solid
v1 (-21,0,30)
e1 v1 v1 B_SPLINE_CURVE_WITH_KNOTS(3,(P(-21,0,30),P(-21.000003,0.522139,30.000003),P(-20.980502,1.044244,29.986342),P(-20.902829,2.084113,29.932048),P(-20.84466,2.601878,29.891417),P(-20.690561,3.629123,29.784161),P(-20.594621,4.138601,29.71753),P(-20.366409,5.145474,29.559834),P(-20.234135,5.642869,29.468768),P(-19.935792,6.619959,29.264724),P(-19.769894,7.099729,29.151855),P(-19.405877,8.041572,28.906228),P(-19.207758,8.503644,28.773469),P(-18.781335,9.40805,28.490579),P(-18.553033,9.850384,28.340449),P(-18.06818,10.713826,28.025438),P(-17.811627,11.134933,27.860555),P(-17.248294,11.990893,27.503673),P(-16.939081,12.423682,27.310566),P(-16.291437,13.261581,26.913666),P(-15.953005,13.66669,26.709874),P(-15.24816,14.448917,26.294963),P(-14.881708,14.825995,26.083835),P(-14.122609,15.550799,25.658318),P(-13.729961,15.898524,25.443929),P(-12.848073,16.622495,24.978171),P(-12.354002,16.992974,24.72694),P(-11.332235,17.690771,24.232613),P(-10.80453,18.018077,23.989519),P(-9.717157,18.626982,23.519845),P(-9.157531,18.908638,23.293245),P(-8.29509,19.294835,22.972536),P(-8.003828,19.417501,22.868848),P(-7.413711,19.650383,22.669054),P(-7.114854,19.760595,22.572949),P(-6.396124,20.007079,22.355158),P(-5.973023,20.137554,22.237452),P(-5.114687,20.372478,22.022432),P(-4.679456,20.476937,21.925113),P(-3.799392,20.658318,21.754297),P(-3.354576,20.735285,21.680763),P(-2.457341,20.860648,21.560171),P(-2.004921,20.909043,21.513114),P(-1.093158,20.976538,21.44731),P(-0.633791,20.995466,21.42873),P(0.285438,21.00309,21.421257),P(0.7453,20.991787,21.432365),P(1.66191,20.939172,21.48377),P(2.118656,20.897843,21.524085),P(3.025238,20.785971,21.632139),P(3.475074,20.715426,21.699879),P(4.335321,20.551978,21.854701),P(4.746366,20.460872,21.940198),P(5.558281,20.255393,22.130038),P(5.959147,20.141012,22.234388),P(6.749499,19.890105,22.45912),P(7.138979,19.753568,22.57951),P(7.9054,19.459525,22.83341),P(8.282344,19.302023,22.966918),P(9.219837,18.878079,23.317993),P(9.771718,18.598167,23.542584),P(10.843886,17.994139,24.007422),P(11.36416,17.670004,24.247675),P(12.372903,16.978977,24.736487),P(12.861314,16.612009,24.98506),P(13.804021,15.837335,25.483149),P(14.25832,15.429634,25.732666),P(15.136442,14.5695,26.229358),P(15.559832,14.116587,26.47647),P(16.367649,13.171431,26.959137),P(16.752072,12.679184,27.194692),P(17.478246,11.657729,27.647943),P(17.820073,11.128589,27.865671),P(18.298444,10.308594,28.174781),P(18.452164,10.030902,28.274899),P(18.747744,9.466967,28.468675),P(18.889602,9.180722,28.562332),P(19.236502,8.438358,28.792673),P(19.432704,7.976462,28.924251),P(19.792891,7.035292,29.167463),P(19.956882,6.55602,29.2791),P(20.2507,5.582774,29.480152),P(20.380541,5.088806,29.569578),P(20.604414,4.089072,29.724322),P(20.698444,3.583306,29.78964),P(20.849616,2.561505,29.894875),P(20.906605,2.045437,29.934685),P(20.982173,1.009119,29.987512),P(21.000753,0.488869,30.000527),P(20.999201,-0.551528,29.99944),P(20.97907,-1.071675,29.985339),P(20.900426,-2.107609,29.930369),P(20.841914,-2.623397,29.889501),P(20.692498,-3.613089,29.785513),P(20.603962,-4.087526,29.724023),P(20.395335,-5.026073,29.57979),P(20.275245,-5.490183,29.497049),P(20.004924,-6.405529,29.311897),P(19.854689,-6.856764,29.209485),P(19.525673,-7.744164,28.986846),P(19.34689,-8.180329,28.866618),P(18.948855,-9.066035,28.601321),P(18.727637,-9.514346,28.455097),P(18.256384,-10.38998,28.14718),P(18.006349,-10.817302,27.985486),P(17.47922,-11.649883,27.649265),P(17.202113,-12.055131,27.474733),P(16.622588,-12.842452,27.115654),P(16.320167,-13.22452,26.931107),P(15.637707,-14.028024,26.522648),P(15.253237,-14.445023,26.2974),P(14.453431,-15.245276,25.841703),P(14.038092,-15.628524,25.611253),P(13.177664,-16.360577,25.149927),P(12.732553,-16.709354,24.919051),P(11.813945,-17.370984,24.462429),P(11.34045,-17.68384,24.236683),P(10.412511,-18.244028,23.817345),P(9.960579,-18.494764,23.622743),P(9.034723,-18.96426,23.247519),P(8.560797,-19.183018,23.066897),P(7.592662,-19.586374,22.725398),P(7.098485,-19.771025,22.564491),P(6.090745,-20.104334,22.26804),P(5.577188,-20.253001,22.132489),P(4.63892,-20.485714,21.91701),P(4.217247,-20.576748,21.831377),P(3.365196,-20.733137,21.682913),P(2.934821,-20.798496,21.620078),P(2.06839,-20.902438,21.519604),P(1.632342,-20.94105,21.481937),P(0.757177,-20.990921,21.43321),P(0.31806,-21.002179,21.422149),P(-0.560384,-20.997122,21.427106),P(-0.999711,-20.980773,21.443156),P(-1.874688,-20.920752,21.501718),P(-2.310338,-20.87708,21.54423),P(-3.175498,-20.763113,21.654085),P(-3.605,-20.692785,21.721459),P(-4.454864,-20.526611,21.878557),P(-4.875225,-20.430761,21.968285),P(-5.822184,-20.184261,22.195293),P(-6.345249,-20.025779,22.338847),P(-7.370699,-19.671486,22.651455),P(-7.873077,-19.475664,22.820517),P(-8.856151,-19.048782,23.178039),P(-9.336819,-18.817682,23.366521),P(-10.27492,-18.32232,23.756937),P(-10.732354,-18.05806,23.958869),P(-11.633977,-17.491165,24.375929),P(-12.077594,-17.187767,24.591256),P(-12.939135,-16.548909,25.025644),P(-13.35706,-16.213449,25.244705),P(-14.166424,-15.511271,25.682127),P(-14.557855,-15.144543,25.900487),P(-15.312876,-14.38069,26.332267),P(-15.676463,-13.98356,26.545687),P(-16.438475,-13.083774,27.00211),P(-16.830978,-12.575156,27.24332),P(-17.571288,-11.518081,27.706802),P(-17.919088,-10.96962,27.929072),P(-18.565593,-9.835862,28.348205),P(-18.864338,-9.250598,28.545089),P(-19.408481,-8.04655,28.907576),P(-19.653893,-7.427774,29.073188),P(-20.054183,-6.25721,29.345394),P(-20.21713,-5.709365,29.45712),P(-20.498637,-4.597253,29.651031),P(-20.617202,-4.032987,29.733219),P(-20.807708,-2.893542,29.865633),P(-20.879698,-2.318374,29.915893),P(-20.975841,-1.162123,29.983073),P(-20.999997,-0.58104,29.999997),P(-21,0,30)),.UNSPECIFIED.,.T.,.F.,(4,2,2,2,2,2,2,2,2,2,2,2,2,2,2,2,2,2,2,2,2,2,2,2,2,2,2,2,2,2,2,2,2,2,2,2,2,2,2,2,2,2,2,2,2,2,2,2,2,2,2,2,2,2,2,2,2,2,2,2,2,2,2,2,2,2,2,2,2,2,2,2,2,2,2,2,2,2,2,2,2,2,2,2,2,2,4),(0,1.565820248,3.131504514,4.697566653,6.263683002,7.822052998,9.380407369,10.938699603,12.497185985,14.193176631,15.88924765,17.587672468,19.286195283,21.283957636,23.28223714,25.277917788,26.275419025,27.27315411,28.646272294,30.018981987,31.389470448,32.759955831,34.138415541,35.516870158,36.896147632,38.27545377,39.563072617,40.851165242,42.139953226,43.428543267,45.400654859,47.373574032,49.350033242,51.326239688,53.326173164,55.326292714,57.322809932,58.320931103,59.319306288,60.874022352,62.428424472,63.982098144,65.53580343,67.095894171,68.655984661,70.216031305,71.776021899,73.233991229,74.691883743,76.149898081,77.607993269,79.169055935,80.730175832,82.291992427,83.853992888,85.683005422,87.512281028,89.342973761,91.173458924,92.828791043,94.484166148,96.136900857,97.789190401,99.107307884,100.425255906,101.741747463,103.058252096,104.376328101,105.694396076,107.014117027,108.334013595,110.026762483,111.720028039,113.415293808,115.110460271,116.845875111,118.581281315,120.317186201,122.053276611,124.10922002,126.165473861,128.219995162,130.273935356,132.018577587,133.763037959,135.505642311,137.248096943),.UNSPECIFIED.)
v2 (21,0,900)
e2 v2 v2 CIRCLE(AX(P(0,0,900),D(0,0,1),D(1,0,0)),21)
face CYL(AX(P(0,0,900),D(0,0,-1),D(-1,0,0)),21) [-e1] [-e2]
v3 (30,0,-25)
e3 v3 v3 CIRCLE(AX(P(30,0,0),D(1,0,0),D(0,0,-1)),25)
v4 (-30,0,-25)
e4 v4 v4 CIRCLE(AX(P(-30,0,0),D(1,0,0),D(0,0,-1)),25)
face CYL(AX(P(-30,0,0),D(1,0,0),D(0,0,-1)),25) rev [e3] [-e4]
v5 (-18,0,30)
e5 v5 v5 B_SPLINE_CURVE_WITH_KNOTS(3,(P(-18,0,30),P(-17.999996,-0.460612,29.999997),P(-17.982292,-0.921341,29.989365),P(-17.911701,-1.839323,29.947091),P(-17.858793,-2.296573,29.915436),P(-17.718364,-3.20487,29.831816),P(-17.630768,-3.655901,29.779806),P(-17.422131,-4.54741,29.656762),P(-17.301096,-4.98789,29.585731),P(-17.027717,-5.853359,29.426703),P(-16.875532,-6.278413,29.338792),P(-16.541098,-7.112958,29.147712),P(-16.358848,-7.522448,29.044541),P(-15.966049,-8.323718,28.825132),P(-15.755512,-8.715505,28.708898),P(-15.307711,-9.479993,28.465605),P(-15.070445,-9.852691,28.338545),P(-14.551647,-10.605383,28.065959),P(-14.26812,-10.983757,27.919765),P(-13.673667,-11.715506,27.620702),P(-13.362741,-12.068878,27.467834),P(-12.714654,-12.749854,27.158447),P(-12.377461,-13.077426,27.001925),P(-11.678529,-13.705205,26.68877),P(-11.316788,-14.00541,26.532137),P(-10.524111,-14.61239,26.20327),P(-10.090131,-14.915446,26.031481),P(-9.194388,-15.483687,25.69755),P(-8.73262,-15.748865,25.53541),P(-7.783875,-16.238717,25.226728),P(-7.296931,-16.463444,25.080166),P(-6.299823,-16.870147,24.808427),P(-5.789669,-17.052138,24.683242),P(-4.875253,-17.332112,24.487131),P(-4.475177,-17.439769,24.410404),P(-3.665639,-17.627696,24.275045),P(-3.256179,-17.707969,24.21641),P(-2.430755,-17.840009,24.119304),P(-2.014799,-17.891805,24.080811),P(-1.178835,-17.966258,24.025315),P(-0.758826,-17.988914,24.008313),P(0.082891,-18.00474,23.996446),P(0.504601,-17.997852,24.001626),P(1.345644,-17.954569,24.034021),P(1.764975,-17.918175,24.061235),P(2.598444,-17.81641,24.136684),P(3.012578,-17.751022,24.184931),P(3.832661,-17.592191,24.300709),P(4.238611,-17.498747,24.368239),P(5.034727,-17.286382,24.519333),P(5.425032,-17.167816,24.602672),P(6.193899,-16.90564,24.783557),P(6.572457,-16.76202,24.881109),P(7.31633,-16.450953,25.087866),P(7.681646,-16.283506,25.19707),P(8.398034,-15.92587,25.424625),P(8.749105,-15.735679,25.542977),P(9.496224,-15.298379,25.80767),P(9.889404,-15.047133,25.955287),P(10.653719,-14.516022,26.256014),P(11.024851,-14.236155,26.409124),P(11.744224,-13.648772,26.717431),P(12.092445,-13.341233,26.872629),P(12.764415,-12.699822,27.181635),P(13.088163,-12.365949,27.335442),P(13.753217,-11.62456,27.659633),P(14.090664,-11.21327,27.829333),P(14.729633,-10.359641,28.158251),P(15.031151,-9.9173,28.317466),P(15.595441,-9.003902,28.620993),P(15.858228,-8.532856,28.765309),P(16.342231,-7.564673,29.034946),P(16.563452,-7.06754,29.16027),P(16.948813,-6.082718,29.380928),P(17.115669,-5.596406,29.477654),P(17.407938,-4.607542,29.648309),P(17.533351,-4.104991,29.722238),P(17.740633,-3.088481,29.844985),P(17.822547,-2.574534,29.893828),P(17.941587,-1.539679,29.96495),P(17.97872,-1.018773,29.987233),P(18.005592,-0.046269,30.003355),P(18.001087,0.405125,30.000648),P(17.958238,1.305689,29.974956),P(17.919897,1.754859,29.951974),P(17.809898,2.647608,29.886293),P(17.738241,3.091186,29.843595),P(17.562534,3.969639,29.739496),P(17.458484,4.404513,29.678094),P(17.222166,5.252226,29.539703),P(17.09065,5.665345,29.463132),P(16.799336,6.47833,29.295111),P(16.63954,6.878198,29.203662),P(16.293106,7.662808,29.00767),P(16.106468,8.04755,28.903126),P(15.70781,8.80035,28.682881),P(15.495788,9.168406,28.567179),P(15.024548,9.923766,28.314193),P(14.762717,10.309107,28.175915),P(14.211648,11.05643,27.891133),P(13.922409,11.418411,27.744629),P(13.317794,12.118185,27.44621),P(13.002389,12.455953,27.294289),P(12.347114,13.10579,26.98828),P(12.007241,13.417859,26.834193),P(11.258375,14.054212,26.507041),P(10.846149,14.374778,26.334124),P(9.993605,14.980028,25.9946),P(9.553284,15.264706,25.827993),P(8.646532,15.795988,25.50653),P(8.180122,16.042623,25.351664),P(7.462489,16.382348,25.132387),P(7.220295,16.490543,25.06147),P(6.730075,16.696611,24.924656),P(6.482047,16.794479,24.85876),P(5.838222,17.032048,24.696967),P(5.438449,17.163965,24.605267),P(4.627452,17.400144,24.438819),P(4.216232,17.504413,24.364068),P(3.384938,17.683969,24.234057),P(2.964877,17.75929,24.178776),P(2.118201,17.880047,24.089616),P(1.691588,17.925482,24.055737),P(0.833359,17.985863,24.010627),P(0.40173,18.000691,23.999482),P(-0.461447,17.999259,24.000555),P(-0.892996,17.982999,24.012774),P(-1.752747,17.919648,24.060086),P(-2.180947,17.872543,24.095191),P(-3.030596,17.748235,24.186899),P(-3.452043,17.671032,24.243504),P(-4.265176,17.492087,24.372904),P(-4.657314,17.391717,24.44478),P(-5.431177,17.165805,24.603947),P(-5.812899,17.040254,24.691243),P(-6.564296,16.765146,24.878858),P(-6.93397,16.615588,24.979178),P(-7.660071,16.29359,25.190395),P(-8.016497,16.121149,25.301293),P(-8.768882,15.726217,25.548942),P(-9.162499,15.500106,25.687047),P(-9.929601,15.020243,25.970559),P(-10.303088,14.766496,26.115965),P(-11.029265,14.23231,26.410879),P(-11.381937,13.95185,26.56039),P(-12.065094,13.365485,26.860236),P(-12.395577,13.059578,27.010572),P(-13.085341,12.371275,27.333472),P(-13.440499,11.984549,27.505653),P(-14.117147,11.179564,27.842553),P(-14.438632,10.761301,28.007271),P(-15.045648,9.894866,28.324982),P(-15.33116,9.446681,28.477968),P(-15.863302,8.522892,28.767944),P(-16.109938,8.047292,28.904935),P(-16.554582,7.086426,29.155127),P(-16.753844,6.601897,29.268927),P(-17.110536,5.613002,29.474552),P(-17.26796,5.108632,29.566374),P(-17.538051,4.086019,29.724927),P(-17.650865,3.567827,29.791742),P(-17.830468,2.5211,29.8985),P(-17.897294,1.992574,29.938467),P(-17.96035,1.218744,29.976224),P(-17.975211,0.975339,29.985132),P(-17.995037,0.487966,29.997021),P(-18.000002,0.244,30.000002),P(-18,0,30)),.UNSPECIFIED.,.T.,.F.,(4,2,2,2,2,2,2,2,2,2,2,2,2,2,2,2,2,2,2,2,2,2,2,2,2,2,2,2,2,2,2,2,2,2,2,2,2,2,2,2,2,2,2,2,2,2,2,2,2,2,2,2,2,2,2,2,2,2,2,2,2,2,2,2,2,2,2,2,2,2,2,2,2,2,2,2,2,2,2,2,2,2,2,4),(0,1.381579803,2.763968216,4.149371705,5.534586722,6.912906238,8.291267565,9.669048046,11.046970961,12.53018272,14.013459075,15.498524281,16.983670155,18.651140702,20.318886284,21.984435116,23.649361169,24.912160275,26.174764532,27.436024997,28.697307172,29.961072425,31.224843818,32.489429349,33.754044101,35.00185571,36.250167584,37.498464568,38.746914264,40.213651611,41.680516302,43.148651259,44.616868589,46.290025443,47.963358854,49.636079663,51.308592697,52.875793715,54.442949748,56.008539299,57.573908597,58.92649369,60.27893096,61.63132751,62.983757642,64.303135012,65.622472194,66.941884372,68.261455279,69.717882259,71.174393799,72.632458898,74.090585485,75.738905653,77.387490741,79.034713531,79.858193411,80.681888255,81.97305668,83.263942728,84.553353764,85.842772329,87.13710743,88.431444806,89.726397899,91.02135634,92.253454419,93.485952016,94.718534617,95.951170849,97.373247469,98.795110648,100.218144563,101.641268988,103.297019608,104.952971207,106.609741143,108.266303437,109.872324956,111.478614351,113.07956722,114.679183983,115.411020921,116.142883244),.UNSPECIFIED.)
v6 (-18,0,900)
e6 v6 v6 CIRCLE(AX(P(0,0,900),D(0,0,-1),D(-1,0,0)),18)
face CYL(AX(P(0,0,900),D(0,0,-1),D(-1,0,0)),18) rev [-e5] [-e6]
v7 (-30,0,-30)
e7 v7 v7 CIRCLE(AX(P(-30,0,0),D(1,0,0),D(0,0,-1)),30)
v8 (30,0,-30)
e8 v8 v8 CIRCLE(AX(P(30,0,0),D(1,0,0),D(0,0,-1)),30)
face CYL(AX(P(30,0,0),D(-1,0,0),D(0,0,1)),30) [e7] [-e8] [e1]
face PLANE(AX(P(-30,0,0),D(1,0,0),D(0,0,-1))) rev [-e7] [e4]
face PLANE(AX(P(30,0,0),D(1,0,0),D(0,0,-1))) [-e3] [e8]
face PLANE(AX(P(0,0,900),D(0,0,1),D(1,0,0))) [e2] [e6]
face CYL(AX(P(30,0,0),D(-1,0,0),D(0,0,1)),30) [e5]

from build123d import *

# Parameters (mm, degrees)
SKETCH_1_R          = 21
EXTRUDE_1_DEPTH     = 900
SKETCH_2_R          = 18
CUT_EXTRUDE_1_DEPTH = 901
SKETCH_4_R          = 30
EXTRUDE_2_DEPTH     = 30
SKETCH_5_R          = 25
CUT_EXTRUDE_2_DEPTH = 61.0000001


with BuildPart() as part:
    # Эскиз1 → Бобышка-Вытянуть1 (new body)
    with BuildSketch(Plane.XY):
        Circle(SKETCH_1_R)
    extrude(amount=EXTRUDE_1_DEPTH)

    # Эскиз2 → Вырез-Вытянуть1 (cut, through all)
    with BuildSketch(Plane(origin=(0, 0, 0), x_dir=(-1, 0, 0), z_dir=(0, 0, -1))):
        Circle(SKETCH_2_R)
    extrude(amount=-CUT_EXTRUDE_1_DEPTH, mode=Mode.SUBTRACT)

    # Эскиз4 → Бобышка-Вытянуть2 (add, symmetric)
    with BuildSketch(Plane(origin=(0, 0, 0), x_dir=(0, 0, -1), z_dir=(1, 0, 0))):
        Circle(SKETCH_4_R)
    extrude(amount=EXTRUDE_2_DEPTH, both=True)

    # Эскиз5 → Вырез-Вытянуть2 (cut, through all)
    with BuildSketch(Plane(origin=(30, 0, 0), x_dir=(0, 0, -1), z_dir=(1, 0, 0))):
        Circle(SKETCH_5_R)
    extrude(amount=-CUT_EXTRUDE_2_DEPTH, mode=Mode.SUBTRACT)


solid = part.part
